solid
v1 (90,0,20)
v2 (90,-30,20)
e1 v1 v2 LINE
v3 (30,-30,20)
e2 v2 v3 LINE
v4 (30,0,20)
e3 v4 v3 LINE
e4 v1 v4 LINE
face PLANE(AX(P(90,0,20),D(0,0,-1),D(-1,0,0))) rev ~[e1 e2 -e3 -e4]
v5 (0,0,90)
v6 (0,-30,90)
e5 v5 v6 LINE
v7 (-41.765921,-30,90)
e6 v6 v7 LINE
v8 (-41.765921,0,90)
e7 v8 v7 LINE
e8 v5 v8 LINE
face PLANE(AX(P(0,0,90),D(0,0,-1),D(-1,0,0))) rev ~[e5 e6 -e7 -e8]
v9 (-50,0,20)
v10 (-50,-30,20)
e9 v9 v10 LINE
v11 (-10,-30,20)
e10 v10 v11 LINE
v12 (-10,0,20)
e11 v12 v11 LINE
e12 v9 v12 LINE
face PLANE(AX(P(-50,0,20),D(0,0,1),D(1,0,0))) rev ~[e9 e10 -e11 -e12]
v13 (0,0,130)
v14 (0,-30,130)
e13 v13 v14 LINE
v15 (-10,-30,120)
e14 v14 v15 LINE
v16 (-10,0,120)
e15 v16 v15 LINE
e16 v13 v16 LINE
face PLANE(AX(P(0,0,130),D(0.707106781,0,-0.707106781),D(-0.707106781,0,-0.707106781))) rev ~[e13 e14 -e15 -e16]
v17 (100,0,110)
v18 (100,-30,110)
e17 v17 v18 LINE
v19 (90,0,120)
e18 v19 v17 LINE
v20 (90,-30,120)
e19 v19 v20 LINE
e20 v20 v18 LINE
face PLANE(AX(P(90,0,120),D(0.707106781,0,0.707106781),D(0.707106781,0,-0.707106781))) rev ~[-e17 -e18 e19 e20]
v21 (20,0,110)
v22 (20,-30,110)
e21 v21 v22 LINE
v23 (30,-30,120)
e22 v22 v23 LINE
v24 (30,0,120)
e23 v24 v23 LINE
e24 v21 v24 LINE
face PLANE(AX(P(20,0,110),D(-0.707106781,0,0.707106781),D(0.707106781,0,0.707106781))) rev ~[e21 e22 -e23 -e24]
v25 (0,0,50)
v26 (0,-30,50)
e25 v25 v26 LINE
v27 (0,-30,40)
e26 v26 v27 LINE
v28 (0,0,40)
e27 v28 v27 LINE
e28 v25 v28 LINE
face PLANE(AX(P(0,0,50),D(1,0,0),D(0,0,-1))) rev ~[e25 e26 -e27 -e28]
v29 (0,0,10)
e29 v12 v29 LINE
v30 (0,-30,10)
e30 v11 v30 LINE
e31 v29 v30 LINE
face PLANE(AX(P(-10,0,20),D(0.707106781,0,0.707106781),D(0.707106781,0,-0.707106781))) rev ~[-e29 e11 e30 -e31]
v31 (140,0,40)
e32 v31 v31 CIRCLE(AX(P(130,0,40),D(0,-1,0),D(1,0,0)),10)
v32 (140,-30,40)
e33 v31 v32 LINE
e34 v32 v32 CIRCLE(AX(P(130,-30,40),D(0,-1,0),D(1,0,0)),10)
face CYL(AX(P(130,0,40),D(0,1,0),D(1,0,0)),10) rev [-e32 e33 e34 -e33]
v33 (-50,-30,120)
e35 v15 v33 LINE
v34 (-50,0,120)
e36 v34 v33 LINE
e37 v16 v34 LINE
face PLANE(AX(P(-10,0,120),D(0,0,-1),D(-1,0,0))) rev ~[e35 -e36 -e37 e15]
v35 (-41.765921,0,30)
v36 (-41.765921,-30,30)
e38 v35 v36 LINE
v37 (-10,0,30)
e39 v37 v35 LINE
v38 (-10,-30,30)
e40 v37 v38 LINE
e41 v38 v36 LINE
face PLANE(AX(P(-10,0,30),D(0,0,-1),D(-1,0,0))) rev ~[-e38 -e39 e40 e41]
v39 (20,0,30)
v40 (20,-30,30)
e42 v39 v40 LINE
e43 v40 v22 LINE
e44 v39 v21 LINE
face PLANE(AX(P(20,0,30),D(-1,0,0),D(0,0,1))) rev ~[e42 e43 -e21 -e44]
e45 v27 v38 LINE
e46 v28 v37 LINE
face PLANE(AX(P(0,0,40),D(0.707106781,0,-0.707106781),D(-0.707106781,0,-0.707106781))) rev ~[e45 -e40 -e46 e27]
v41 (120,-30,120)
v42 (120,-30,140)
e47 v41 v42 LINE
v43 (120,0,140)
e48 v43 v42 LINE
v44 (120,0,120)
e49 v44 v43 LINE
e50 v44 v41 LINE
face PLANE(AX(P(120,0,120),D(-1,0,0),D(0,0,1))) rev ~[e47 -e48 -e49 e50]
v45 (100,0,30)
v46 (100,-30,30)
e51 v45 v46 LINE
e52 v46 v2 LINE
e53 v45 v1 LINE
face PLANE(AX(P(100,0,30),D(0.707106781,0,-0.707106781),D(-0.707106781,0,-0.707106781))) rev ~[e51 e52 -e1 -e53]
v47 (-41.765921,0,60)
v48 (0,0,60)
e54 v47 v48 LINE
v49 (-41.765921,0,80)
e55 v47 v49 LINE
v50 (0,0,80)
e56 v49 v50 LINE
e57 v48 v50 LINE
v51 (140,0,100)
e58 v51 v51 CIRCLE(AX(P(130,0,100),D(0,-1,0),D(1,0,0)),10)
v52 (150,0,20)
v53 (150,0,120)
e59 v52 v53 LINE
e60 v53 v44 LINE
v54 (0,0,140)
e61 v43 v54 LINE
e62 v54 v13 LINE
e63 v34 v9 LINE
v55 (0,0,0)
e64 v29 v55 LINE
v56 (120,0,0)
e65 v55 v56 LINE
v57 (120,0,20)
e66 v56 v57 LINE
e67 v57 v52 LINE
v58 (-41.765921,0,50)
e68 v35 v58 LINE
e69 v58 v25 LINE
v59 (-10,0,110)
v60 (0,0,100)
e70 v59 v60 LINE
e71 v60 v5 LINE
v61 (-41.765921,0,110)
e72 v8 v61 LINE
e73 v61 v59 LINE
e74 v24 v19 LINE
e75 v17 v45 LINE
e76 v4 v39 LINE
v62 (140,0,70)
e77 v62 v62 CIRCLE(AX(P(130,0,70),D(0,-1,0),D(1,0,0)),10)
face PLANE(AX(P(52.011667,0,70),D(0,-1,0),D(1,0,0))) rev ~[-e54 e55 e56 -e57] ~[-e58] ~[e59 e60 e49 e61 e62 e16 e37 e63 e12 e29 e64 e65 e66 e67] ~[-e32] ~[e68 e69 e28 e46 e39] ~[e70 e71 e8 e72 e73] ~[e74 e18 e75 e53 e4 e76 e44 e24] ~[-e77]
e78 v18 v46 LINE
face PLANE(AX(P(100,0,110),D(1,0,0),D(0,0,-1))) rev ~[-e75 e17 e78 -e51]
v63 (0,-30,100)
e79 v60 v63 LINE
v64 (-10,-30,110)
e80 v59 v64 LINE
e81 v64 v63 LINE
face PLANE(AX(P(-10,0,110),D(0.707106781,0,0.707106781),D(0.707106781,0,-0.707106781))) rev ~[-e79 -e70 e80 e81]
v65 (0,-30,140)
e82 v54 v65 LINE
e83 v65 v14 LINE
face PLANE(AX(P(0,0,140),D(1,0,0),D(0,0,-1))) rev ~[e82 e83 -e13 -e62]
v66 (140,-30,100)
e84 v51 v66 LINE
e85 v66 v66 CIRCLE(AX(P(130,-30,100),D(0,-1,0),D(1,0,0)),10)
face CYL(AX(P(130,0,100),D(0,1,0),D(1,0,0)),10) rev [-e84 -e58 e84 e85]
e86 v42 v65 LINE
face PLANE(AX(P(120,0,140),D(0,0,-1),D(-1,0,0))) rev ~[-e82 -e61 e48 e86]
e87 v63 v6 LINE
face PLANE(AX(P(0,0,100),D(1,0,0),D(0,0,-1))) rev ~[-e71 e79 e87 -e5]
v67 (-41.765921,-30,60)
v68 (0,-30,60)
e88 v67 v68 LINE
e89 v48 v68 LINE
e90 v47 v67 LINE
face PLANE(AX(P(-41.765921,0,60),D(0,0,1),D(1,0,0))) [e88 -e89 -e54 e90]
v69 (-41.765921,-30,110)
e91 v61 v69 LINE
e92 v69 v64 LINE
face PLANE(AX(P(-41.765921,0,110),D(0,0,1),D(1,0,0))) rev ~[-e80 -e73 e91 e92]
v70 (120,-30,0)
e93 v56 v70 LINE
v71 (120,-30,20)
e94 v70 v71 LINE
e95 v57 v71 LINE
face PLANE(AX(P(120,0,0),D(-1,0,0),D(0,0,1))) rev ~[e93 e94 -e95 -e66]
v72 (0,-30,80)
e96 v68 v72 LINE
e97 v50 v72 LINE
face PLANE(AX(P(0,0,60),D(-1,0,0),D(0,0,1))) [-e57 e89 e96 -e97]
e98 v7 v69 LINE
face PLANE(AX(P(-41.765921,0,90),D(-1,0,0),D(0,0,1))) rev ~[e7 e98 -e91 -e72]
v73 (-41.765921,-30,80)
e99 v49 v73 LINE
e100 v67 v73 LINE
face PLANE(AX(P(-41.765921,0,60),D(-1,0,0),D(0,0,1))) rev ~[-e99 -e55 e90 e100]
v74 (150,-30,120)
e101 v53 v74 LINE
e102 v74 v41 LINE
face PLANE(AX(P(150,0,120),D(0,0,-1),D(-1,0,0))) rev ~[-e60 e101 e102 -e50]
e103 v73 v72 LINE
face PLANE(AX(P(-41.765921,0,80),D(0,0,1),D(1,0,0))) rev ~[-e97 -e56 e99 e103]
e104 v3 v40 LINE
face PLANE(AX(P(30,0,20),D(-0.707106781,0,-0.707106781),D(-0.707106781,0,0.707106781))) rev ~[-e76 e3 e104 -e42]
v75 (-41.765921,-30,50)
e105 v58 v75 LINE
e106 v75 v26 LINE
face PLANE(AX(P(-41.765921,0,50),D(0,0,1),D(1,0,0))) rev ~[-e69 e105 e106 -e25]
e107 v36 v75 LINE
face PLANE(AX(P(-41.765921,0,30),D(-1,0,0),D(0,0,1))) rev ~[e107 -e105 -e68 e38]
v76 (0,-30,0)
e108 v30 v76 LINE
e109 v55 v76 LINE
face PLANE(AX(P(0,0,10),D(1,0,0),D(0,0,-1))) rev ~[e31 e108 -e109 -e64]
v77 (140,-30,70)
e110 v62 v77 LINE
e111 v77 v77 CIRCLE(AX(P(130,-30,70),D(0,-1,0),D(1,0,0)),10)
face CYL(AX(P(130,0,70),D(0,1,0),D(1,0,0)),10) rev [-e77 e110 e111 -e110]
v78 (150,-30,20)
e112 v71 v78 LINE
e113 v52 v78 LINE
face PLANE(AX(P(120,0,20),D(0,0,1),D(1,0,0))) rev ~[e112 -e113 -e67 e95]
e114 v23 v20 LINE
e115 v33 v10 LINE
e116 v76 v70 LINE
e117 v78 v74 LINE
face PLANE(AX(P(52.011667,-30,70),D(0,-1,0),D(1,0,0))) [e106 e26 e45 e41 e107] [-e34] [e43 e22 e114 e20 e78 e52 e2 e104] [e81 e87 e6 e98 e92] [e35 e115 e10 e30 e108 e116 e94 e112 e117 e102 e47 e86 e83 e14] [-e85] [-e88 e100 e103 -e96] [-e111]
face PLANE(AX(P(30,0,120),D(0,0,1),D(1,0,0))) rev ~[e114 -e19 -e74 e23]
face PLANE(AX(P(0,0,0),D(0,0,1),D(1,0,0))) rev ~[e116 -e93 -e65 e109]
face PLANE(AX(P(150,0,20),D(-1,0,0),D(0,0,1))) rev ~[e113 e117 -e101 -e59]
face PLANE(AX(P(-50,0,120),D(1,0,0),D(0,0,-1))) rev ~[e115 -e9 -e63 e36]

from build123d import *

# Parameters (mm, degrees)
F0_R     = 10
F0_W     = 41.765921
F0_H     = 20
F1_DEPTH = 30


with BuildPart() as f1:
    # F0 (on Front) → F1 (new body)
    with BuildSketch(Plane.XZ):
        Polygon((0, 10), (0, 0), (120, 0), (120, 20), (150, 20), (150, 120), (120, 120), (120, 140), (0, 140), (0, 130), (-10, 120), (-19.487179, 120), (-50, 120), (-50, 20), (-19.487179, 20), (-10, 20), align=None)
        Polygon((-41.765921, 30), (-41.765921, 50), (0, 50), (0, 40), (-10, 30), align=None, mode=Mode.SUBTRACT)
        with Locations((130, 40)):
            Circle(F0_R, mode=Mode.SUBTRACT)
        with Locations((-20.88296, 70)):
            Rectangle(F0_W, F0_H, mode=Mode.SUBTRACT)
        Polygon((-41.765921, 90), (-41.765921, 110), (-10, 110), (0, 100), (0, 90), align=None, mode=Mode.SUBTRACT)
        Polygon((20, 110), (30, 120), (90, 120), (100, 110), (100, 30), (90, 20), (30, 20), (20, 30), align=None, mode=Mode.SUBTRACT)
        with Locations((130, 70)):
            Circle(F0_R, mode=Mode.SUBTRACT)
        with Locations((130, 100)):
            Circle(F0_R, mode=Mode.SUBTRACT)
    extrude(amount=F1_DEPTH)


solid = f1.part
